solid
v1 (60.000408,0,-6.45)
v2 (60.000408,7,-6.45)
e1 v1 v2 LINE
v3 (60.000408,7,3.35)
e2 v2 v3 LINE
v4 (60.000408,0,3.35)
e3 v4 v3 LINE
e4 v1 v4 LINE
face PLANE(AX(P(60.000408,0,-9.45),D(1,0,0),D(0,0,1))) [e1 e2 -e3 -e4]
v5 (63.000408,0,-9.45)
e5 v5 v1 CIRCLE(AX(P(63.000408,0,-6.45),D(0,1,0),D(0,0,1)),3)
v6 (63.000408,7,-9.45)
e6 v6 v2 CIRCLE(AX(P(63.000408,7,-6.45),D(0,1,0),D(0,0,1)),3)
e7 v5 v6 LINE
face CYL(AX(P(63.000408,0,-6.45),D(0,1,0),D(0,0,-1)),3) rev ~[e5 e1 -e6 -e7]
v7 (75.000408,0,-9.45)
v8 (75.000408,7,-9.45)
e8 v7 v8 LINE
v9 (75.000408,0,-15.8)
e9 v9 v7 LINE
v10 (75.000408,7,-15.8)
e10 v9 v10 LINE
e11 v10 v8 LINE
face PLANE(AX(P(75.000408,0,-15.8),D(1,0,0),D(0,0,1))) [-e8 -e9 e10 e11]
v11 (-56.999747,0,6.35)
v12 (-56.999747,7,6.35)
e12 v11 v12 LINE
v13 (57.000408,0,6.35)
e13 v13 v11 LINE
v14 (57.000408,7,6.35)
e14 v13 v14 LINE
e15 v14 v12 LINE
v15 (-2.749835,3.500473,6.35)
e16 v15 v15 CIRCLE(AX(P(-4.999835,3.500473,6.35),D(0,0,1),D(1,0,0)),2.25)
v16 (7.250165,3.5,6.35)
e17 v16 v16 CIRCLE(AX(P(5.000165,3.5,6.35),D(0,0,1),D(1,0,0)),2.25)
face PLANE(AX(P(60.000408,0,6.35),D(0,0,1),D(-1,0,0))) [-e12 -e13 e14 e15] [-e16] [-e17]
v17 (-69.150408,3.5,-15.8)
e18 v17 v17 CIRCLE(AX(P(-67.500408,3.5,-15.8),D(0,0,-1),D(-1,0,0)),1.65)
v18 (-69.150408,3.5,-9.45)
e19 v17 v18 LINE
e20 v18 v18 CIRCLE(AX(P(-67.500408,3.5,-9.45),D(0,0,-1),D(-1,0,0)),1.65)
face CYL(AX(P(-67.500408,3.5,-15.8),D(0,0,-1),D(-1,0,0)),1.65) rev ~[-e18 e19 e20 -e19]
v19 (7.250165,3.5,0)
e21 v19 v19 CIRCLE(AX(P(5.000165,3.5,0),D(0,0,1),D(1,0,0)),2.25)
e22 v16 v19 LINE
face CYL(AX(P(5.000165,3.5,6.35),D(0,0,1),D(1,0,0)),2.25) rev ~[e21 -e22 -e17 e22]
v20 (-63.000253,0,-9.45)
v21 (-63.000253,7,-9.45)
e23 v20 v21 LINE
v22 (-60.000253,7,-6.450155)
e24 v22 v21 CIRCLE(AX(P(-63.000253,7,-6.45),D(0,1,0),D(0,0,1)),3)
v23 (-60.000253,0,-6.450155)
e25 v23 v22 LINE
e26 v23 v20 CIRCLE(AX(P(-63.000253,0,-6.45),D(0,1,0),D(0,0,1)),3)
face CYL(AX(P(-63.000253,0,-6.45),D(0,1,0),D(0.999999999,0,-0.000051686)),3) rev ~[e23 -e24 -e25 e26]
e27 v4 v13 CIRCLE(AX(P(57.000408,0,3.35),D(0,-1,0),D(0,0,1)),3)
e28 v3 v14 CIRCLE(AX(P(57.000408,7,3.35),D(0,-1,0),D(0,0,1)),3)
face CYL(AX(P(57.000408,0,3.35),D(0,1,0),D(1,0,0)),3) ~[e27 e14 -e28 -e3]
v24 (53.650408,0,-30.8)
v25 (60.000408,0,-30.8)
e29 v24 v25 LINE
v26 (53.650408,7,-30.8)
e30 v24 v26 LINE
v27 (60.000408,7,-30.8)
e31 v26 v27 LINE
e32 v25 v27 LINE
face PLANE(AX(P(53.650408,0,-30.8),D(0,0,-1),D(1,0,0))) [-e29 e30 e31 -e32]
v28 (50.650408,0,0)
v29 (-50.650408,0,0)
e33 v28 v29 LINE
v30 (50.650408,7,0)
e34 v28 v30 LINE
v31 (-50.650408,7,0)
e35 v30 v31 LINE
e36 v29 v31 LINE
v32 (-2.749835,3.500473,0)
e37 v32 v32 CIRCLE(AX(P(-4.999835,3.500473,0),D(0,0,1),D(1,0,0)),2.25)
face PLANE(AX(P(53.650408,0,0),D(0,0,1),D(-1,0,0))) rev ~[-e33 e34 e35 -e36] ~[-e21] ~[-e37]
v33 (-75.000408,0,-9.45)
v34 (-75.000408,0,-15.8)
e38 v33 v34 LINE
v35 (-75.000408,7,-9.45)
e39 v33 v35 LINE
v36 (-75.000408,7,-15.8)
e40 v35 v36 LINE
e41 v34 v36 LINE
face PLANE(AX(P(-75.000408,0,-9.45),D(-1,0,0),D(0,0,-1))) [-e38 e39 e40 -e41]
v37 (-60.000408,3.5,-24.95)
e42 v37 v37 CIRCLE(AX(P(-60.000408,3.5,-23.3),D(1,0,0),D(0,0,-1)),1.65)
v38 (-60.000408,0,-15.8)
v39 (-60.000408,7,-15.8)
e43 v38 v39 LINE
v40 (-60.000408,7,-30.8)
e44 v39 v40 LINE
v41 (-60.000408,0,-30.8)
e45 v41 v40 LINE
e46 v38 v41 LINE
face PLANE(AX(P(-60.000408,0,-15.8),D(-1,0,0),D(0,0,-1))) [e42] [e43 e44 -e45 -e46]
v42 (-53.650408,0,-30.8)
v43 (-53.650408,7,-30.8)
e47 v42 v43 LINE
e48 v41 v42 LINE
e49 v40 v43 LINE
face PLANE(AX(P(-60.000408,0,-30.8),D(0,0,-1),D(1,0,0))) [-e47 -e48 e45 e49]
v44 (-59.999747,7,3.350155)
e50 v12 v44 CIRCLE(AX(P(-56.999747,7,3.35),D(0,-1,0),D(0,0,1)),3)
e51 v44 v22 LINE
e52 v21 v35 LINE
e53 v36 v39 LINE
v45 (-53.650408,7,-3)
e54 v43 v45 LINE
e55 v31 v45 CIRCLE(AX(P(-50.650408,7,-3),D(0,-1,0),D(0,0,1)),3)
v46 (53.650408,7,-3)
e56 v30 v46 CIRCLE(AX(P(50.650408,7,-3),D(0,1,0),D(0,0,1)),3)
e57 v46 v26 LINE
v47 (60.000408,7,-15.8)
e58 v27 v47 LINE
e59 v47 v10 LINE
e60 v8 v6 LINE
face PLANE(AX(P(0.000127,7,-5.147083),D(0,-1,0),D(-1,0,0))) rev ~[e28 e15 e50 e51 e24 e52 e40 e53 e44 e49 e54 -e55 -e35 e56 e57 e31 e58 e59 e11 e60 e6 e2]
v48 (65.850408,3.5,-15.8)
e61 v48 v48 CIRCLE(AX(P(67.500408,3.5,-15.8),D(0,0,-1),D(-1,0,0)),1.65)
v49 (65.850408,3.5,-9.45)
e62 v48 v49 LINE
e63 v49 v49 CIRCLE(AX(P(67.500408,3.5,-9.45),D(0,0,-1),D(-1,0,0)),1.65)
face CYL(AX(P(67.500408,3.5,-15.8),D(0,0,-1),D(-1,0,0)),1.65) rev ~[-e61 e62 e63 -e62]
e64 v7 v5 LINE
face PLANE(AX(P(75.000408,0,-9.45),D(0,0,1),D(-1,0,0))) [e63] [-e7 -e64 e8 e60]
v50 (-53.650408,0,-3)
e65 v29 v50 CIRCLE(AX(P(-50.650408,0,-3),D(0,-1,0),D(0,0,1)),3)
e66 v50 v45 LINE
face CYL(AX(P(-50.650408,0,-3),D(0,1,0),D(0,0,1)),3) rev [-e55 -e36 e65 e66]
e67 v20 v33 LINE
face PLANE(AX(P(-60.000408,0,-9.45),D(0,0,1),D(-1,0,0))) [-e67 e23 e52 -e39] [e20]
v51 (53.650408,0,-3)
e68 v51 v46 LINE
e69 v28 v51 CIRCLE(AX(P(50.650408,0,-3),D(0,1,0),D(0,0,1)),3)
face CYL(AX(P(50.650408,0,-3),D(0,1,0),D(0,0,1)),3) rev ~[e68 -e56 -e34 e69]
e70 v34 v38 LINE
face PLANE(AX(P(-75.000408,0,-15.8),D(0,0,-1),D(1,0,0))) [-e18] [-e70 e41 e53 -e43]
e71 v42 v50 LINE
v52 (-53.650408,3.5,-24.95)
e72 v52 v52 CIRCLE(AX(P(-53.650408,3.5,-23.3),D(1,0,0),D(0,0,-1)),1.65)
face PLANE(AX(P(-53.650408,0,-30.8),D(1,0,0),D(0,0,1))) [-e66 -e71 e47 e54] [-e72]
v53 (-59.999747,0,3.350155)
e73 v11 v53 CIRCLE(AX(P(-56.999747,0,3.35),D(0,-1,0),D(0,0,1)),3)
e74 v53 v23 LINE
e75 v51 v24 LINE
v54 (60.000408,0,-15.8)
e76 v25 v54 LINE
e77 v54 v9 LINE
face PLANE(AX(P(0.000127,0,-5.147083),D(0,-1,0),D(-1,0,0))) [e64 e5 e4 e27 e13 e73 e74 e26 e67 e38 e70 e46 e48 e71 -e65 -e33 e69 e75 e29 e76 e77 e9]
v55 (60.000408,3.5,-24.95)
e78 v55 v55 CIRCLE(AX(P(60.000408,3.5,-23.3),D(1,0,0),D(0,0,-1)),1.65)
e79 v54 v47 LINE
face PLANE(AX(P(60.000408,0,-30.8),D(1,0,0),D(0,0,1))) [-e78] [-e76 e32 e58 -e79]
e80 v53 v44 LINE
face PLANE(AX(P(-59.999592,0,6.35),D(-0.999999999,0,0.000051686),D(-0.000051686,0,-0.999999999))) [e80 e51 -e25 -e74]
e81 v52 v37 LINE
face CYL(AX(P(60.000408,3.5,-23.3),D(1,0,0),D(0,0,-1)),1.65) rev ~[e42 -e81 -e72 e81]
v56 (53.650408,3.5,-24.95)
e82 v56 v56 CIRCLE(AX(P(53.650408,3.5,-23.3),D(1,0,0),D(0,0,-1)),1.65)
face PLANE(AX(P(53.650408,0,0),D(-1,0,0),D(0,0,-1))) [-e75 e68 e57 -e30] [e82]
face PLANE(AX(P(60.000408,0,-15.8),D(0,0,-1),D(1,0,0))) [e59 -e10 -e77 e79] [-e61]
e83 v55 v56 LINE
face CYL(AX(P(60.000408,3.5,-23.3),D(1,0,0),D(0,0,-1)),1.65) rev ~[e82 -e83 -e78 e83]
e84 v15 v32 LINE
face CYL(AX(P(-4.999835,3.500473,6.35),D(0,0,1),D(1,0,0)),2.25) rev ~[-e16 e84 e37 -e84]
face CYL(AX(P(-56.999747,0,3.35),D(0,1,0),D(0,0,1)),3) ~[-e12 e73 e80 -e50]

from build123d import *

# Parameters (mm, degrees)
BOSS_EXTRUDE1_DEPTH = 7
SKETCH2_R           = 1.65
CUT_EXTRUDE1_DEPTH  = 139.646530772
SKETCH3_R           = 1.65
CUT_EXTRUDE2_DEPTH  = 6.35
FILLET1_R           = 3
SKETCH4_R           = 2.25
CUT_EXTRUDE3_DEPTH  = 6.35


with BuildPart() as part:
    # Sketch1 → Boss-Extrude1 (new body)
    with BuildSketch(Plane(origin=(0, 0, 0), x_dir=(1, 0, 0), z_dir=(0, 1, 0))):
        Polygon((0, 0), (53.650408323, 0), (53.650408323, 30.8), (60.000408323, 30.8), (60.000408323, 15.8), (75.000408323, 15.8), (75.000408323, 9.45), (60.000408323, 9.45), (60.000408323, -6.35), (-59.999591677, -6.35), (-60.000408323, 9.45), (-75.000408323, 9.45), (-75.000408323, 15.8), (-60.000408323, 15.8), (-60.000408323, 30.8), (-53.650408323, 30.8), (-53.650408323, 0), align=None)
    extrude(amount=BOSS_EXTRUDE1_DEPTH)

    # Sketch2 → Cut-Extrude1 (cut, through all)
    with BuildSketch(Plane(origin=(60.000408323, 0, 0), x_dir=(0, 0, -1), z_dir=(1, 0, 0))):
        with Locations((23.3, 3.5)):
            Circle(SKETCH2_R)
    extrude(amount=-CUT_EXTRUDE1_DEPTH, mode=Mode.SUBTRACT)

    # Sketch3 → Cut-Extrude2 (cut)
    with BuildSketch(Plane(origin=(0, 0, -15.8), x_dir=(-1, 0, 0), z_dir=(0, 0, -1))):
        with Locations((-67.500408323, 3.5)):
            Circle(SKETCH3_R)
        with Locations((67.500408323, 3.5)):
            Circle(SKETCH3_R)
    extrude(amount=-CUT_EXTRUDE2_DEPTH, mode=Mode.SUBTRACT)

    # Fillet1
    fillet1_edges = [part.edges().sort_by_distance(p)[0] for p in [
        (53.650408323, 3.5, 0),
        (60.000408323, 3.5, -9.45),
        (60.000408323, 3.5, 6.35),
        (-59.999591677, 3.5, 6.35),
        (-60.000408323, 3.5, -9.45),
        (-53.650408323, 3.5, 0),
    ]]
    fillet(fillet1_edges, radius=FILLET1_R)

    # Sketch4 → Cut-Extrude3 (cut)
    with BuildSketch(Plane.XY.offset(6.35)):
        with Locations((5.000165403, 3.5)):
            Circle(SKETCH4_R)
        with Locations((-4.999834586, 3.500472565)):
            Circle(SKETCH4_R)
    extrude(amount=-CUT_EXTRUDE3_DEPTH, mode=Mode.SUBTRACT)


solid = part.part
